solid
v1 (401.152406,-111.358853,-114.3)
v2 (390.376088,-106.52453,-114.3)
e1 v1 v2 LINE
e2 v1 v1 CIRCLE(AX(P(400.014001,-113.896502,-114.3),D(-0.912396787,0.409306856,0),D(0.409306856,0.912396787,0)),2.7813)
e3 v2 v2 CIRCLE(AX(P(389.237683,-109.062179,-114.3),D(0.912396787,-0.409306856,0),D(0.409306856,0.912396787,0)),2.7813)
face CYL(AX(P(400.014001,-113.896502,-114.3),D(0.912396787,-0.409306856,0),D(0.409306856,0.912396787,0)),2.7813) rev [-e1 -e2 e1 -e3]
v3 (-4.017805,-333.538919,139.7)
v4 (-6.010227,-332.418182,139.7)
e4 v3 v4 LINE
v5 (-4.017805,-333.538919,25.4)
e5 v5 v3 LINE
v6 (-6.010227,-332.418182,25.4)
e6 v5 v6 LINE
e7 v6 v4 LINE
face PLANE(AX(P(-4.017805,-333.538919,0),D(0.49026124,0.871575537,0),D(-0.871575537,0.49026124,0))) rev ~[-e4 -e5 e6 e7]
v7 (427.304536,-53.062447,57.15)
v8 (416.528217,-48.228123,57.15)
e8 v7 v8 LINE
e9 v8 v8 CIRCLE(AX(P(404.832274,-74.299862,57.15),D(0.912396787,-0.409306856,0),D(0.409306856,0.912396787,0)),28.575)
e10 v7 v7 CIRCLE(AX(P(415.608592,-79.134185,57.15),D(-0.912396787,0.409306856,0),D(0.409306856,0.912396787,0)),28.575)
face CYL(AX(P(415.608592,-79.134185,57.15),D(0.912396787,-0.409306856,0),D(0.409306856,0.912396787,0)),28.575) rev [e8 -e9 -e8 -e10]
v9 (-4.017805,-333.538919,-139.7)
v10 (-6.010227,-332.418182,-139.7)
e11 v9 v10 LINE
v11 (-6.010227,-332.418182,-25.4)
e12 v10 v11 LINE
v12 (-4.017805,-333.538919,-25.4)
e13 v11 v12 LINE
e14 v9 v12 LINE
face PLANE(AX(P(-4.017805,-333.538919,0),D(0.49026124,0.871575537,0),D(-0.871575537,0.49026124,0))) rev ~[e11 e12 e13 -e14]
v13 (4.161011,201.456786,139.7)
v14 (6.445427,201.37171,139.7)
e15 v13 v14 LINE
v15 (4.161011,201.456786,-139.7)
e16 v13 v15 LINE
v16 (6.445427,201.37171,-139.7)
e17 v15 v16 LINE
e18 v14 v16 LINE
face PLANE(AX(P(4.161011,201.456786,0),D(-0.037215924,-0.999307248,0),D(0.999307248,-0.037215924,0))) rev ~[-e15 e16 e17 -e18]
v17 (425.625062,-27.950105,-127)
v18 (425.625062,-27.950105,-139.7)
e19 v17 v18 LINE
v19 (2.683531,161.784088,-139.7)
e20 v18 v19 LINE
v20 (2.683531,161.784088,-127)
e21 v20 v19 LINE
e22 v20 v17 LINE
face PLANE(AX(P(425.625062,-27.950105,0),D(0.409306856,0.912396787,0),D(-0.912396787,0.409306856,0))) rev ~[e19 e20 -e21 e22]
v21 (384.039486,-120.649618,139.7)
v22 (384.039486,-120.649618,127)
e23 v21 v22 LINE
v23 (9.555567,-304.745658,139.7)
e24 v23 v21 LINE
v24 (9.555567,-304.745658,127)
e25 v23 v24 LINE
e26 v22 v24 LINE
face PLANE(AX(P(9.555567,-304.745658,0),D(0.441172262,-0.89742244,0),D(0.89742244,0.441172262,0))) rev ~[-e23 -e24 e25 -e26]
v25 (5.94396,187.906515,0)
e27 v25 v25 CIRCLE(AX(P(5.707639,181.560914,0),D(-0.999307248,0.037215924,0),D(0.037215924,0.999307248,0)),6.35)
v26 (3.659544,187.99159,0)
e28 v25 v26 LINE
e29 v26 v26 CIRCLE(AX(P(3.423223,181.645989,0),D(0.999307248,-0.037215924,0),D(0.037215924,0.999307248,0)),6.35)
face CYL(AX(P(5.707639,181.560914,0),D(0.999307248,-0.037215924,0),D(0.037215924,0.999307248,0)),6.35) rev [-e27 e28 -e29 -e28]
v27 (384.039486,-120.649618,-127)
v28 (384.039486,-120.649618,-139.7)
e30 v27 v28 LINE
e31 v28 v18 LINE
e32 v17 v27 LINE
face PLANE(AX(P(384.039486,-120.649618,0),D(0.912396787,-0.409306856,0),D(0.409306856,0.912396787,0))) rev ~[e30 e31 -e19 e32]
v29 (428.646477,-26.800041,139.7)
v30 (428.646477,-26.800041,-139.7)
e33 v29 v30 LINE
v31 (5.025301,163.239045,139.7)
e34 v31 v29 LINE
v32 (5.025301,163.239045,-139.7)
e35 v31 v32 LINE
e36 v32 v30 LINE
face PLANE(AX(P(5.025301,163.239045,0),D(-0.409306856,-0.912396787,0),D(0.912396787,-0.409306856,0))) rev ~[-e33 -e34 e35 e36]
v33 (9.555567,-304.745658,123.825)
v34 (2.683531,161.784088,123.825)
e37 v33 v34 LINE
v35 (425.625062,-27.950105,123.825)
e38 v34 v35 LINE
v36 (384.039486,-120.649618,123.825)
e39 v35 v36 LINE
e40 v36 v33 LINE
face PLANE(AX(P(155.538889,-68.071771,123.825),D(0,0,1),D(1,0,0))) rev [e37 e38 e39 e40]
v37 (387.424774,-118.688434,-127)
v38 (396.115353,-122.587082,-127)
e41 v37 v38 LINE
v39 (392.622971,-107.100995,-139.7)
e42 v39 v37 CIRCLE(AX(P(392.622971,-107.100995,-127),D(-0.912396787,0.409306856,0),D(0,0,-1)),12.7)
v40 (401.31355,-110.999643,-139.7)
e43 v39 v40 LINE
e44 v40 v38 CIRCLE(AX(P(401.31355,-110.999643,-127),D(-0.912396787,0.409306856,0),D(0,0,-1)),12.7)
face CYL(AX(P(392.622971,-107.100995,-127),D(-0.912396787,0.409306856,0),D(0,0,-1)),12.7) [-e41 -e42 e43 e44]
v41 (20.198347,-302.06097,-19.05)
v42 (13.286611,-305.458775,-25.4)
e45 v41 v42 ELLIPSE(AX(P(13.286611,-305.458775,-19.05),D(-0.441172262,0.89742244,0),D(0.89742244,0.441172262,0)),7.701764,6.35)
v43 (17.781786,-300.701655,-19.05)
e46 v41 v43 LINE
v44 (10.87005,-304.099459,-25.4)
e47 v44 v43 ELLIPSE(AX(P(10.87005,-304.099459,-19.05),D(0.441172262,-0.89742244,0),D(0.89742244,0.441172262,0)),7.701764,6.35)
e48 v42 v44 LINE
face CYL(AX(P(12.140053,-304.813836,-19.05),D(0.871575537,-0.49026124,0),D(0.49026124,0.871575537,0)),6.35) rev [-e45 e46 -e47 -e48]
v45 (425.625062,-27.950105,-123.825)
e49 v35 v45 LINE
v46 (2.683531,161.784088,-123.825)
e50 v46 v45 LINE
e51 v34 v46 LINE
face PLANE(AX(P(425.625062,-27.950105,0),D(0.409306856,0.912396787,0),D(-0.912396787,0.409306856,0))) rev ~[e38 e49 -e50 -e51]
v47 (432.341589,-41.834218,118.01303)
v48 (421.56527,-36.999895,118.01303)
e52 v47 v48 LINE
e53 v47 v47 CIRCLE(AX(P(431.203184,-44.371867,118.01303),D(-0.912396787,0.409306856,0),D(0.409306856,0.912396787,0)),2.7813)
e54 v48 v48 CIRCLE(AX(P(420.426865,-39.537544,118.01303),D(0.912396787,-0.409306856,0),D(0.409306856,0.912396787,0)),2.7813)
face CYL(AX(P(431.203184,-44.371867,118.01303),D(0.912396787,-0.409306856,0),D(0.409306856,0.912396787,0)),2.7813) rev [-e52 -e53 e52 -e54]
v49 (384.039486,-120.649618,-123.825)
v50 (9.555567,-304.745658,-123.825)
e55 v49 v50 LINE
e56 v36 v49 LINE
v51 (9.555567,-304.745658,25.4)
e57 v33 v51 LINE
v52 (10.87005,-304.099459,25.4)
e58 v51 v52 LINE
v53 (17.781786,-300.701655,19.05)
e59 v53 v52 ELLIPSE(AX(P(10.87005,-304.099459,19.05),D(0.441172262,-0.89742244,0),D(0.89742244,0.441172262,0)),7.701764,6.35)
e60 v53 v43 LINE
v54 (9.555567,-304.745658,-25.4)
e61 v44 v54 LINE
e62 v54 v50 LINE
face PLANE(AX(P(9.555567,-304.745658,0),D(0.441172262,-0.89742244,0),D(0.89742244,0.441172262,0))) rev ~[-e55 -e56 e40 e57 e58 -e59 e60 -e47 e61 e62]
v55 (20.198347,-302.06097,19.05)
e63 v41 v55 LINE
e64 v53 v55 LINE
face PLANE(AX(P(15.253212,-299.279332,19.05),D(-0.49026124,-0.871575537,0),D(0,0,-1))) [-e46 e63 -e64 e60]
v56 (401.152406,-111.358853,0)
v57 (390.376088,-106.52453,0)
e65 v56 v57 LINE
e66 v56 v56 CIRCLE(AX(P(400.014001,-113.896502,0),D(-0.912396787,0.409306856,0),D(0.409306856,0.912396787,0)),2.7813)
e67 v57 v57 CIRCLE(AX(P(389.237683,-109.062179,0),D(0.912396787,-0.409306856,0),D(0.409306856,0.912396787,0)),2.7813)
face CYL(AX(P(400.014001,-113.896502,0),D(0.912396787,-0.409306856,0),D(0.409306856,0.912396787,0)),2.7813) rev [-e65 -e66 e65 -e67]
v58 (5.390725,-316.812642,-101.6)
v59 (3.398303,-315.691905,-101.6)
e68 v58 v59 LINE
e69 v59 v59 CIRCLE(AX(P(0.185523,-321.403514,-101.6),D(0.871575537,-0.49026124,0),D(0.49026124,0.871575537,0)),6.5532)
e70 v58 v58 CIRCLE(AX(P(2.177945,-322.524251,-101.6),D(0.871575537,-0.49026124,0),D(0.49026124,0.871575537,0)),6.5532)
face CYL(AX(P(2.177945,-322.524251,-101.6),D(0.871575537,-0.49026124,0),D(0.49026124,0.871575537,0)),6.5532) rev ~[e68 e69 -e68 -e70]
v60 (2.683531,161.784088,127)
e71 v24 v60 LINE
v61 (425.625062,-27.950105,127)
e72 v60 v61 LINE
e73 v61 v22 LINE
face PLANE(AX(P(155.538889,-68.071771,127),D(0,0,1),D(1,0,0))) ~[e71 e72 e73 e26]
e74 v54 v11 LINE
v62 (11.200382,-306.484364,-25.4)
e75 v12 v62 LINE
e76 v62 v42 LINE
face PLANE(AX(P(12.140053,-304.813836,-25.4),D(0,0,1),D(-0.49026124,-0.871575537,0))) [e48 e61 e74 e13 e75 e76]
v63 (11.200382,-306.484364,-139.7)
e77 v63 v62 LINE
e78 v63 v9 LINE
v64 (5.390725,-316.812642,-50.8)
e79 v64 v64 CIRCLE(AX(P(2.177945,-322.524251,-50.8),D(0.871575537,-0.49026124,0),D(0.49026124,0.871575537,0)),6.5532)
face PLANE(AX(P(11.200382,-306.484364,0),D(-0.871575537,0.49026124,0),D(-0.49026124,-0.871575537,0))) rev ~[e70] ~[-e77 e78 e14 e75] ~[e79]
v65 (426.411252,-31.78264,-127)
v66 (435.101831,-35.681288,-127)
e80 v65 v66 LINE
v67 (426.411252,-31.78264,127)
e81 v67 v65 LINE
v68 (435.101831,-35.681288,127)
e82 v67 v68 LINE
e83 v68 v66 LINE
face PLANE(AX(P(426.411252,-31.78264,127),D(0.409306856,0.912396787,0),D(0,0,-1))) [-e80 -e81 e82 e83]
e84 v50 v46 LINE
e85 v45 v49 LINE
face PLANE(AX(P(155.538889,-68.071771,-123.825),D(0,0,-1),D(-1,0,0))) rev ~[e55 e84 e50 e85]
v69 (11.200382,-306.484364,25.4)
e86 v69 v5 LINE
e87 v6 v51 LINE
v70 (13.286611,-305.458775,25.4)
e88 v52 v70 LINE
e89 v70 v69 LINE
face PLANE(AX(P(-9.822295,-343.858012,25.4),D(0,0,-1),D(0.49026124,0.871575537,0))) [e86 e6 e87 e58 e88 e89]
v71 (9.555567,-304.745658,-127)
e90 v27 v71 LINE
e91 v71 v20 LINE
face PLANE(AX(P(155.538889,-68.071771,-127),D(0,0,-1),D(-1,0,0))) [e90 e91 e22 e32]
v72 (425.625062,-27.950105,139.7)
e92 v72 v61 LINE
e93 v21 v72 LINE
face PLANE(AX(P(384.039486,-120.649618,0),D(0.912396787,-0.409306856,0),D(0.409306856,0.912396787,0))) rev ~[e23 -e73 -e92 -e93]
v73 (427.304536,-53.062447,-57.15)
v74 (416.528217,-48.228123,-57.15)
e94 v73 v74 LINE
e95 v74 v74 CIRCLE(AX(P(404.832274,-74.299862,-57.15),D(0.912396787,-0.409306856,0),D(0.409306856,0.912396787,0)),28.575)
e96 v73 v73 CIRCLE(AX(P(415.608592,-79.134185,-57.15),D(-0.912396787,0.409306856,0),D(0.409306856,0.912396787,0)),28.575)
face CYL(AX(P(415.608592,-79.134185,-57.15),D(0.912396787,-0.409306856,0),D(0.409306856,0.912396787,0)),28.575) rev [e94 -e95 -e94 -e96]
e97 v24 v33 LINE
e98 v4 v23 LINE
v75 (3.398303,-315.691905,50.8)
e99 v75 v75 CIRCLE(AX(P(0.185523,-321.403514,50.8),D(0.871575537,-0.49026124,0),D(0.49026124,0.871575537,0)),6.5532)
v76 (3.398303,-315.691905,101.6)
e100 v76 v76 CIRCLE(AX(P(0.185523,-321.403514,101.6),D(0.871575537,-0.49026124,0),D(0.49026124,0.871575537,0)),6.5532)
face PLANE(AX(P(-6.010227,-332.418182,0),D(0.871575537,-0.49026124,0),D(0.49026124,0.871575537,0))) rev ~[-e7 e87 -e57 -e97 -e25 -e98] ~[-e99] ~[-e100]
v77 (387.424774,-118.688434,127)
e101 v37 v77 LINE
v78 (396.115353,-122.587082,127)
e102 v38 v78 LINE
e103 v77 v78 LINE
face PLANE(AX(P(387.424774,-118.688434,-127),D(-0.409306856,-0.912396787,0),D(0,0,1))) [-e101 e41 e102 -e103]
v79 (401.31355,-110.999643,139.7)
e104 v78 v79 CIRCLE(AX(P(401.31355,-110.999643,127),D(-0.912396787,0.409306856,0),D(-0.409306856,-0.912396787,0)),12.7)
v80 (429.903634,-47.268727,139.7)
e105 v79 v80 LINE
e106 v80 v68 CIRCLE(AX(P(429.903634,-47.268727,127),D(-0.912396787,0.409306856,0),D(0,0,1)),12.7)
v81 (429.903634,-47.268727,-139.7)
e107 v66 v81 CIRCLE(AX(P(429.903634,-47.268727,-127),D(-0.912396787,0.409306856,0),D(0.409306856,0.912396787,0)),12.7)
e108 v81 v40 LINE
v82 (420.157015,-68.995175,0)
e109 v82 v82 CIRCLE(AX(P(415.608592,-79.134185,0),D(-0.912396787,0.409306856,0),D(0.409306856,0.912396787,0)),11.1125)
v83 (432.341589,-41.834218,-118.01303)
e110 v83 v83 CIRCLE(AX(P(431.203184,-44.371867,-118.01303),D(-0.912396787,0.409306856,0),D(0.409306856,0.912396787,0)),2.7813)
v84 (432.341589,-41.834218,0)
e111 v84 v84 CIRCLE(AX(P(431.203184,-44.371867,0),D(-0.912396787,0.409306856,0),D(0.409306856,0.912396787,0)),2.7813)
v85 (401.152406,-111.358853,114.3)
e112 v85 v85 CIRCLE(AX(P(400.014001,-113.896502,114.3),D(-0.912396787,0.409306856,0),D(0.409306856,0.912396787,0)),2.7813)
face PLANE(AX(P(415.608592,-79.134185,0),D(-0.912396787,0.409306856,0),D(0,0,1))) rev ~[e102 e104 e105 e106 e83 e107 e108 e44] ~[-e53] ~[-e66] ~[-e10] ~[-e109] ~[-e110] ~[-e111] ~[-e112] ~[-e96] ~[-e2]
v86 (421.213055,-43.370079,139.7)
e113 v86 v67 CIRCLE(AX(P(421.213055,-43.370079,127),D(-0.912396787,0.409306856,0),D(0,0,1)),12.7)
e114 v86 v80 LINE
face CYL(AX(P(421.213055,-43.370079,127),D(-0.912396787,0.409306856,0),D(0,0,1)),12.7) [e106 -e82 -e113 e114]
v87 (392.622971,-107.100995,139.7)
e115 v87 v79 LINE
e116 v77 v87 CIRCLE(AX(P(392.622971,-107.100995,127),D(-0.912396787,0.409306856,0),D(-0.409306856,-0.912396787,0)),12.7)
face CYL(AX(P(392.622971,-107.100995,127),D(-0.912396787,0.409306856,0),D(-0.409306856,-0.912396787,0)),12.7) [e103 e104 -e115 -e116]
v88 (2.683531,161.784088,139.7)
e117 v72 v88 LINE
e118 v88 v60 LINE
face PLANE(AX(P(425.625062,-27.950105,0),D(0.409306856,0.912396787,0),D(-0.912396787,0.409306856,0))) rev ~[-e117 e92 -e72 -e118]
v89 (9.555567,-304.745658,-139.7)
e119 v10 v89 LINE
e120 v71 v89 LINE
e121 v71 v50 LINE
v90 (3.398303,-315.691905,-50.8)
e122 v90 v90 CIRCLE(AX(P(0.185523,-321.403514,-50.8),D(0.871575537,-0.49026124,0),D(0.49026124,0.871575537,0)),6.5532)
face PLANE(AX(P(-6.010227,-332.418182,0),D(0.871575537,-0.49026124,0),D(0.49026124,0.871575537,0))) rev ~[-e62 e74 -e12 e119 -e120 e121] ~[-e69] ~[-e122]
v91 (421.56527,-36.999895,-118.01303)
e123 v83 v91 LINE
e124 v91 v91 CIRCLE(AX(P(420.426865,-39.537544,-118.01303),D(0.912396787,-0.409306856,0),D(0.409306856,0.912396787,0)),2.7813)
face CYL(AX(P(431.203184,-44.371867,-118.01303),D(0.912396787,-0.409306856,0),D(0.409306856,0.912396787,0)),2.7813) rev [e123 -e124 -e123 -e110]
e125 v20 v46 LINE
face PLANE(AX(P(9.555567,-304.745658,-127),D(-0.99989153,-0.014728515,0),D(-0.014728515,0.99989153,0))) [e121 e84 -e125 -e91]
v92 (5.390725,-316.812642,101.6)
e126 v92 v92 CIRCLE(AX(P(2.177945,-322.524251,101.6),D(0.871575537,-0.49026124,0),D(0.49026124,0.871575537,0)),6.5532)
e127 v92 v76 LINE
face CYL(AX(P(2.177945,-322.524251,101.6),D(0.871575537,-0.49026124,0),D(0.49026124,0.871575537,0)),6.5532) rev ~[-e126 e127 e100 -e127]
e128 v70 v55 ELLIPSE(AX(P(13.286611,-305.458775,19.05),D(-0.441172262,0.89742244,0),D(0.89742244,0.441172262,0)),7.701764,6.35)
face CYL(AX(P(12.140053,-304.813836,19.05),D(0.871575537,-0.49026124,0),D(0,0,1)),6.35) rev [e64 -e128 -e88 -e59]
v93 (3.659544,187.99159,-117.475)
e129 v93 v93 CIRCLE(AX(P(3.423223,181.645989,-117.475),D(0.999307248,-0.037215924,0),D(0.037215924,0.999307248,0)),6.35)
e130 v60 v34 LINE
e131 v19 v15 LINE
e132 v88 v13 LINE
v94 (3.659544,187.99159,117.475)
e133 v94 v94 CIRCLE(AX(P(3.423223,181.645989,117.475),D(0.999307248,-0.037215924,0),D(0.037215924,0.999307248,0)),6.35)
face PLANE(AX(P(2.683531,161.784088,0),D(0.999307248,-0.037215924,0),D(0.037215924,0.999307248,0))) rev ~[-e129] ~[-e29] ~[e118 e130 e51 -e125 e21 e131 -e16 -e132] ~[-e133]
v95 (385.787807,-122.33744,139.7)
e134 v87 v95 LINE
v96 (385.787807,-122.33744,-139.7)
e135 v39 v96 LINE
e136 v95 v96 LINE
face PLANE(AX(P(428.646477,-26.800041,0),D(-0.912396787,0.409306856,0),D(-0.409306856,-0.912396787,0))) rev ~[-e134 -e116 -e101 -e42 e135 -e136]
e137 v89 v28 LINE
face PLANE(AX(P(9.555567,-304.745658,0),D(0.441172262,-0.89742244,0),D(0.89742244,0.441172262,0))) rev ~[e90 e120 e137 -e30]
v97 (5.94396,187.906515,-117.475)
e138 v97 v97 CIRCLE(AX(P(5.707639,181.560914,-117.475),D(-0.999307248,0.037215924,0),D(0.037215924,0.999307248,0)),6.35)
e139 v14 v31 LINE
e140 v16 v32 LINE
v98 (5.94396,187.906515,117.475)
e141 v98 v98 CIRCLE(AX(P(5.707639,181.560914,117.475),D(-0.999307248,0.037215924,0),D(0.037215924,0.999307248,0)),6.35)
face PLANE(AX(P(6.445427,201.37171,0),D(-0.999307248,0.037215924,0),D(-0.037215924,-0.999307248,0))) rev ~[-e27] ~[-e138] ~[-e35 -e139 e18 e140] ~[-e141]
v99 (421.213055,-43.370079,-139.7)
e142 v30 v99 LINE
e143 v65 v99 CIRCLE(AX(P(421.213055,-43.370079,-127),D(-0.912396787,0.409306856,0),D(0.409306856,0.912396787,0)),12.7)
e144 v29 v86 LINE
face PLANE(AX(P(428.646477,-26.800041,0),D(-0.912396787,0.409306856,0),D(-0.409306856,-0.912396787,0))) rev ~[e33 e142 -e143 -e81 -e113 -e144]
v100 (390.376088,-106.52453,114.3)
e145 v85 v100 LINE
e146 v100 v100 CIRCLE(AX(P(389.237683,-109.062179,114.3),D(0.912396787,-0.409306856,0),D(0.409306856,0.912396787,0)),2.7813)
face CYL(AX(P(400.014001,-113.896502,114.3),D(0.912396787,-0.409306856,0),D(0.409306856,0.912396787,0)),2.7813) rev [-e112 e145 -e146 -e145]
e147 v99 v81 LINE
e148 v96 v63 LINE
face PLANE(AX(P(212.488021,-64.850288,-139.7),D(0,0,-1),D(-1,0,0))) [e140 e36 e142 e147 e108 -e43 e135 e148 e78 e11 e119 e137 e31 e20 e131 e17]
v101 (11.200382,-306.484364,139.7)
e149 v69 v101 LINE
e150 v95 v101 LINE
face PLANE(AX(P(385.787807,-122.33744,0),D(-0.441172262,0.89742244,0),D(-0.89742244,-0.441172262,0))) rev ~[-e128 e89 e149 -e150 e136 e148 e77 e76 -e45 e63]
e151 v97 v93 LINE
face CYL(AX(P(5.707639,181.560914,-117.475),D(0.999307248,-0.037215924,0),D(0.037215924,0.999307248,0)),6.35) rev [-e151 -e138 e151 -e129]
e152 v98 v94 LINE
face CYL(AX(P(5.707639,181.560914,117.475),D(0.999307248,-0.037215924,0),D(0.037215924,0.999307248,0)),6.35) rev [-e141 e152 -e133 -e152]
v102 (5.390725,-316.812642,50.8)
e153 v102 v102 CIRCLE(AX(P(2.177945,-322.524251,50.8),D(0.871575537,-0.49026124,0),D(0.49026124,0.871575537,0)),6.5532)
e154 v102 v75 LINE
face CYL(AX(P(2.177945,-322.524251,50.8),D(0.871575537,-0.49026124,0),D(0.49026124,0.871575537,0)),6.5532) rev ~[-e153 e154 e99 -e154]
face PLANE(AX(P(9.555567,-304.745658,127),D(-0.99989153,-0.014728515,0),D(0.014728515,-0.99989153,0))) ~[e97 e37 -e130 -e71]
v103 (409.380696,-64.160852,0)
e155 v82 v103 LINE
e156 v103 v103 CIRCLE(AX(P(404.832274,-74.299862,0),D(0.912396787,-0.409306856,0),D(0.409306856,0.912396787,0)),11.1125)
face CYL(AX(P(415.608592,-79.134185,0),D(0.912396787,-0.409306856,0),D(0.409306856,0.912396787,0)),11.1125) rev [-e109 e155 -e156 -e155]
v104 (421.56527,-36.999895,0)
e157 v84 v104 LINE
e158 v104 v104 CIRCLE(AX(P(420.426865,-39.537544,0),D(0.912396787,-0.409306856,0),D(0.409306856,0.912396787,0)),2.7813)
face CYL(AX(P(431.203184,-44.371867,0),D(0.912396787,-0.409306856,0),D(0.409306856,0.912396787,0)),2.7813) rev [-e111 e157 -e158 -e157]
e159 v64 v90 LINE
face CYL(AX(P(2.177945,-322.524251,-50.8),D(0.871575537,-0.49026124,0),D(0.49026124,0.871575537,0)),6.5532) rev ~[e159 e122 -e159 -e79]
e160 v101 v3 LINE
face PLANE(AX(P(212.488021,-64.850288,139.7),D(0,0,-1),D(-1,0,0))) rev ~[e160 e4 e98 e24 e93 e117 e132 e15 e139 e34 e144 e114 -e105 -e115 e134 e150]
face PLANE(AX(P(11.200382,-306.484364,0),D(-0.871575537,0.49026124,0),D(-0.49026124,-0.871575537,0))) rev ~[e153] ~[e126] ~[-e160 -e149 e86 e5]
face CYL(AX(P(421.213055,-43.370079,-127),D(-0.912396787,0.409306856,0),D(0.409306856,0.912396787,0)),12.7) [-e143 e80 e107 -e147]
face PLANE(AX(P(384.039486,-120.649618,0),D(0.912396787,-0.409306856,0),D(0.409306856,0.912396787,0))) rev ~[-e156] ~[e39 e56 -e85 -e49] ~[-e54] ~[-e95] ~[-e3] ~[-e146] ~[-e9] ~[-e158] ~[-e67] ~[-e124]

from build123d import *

# Parameters (mm, degrees)
EXTRUDE_THIN1_0_090_DEPTH       = 139.7
BE_00_FRONT_BEARING_PLATE_DEPTH = 9.525
SKETCH10_R                      = 2.7813
SKETCH10_R_2                    = 11.1125
SKETCH10_R_3                    = 28.575
CE_00_FRONT_HOLES_DEPTH         = 25.4
SKETCH11_R                      = 6.35
CE_00_UPPOER_HOLES_DEPTH        = 25.4
SKETCH12_R                      = 6.5532
CE_00_LOWER_HOLES_DEPTH         = 12.7
BE_00_START                     = -127
BE_00_SIDE_PANEL_DEPTH          = 3.175


with BuildPart() as part:
    # Sketch9 → Extrude-Thin1 0.090 (new, symmetric)
    with BuildSketch(Plane.XY):
        Polygon((-6.010227149, -332.418181598), (9.55556721, -304.745658294), (384.039485631, -120.64961833), (425.625062176, -27.95010472), (2.683531334, 161.784088268), (4.161010967, 201.456785856), (6.445427335, 201.371710254), (5.025301148, 163.239044684), (428.646476704, -26.800041136), (385.787807265, -122.337439943), (11.200381601, -306.484363998), (-4.017805471, -333.538918792), align=None)
    extrude(amount=EXTRUDE_THIN1_0_090_DEPTH, both=True)

    # Sketch13 → BE-00 Front Bearing Plate (add)
    with BuildSketch(Plane(origin=(366.842913711, -164.56800553, 0), x_dir=(0, 0, -1), z_dir=(0.9123967874925901, -0.40930685576129966, 0))):
        with BuildLine():
            Line((-127, 145.534670176), (127, 145.534670176))
            ThreePointArc((127, 145.534670176), (135.980256121, 141.814926297), (139.7, 132.834670176))
            Line((139.7, 132.834670176), (139.7, 62.984670176))
            ThreePointArc((139.7, 62.984670176), (135.980256121, 54.004414055), (127, 50.284670176))
            Line((127, 50.284670176), (-127, 50.284670176))
            ThreePointArc((-127, 50.284670176), (-135.980256121, 54.004414055), (-139.7, 62.984670176))
            Line((-139.7, 62.984670176), (-139.7, 132.834670176))
            ThreePointArc((-139.7, 132.834670176), (-135.980256121, 141.814926297), (-127, 145.534670176))
        make_face()
    extrude(amount=BE_00_FRONT_BEARING_PLATE_DEPTH)

    # Sketch10 → CE-00 Front Holes (cut)
    with BuildSketch(Plane(origin=(-463.262854861, -2038.249879483, 0), x_dir=(0, 0, -1), z_dir=(-0.9123967874925901, 0.40930685576129966, 0))):
        with Locations(Location((-118.013029727, -2185.318974837, 0), (0, 0, 270))):
            Circle(SKETCH10_R)
        with Locations(Location((0, -2147.218974837, 0), (0, 0, 270))):
            Circle(SKETCH10_R_2)
        with Locations(Location((57.15, -2147.218974837, 0), (0, 0, 270))):
            Circle(SKETCH10_R_3)
        with Locations(Location((114.3, -2109.118974837, 0), (0, 0, 270))):
            Circle(SKETCH10_R)
        with Locations(Location((118.013029727, -2185.318974837, 0), (0, 0, 270))):
            Circle(SKETCH10_R)
        with Locations(Location((0, -2109.118974837, 0), (0, 0, 270))):
            Circle(SKETCH10_R)
        with Locations(Location((0, -2185.318974837, 0), (0, 0, 270))):
            Circle(SKETCH10_R)
        with Locations(Location((-114.3, -2109.118974837, 0), (0, 0, 270))):
            Circle(SKETCH10_R)
        with Locations(Location((-57.15, -2147.218974837, 0), (0, 0, 270))):
            Circle(SKETCH10_R_3)
    extrude(amount=CE_00_FRONT_HOLES_DEPTH, mode=Mode.SUBTRACT)

    # Sketch11 → CE-00 Uppoer Holes (cut)
    with BuildSketch(Plane(origin=(-26.304972354, -678.029043238, 0), x_dir=(0, 0, -1), z_dir=(-0.9993072475406022, 0.037215924183416293, 0))):
        with Locations(Location((-117.475, -860.185852954, 0), (0, 0, 270))):
            Circle(SKETCH11_R)
        with Locations(Location((0, -860.185852954, 0), (0, 0, 270))):
            Circle(SKETCH11_R)
        with Locations(Location((117.475, -860.185852954, 0), (0, 0, 270))):
            Circle(SKETCH11_R)
    extrude(amount=CE_00_UPPOER_HOLES_DEPTH, mode=Mode.SUBTRACT)

    # Sketch12 → CE-00 Lower Holes (cut, symmetric)
    with BuildSketch(Plane(origin=(139.468979542, -78.451300992, 0), x_dir=(0, 0, -1), z_dir=(0.8715755371243086, -0.49026123963298696, 0))):
        with Locations(Location((101.6, -280.036485408, 0), (0, 0, 90))):
            Circle(SKETCH12_R)
        with Locations(Location((50.8, -280.036485408, 0), (0, 0, 90))):
            Circle(SKETCH12_R)
        with Locations(Location((-50.8, -280.036485408, 0), (0, 0, 90))):
            Circle(SKETCH12_R)
        with Locations(Location((-101.6, -280.036485408, 0), (0, 0, 90))):
            Circle(SKETCH12_R)
        with BuildLine():
            Line((-19.05, -253.366485408), (19.05, -253.366485408))
            ThreePointArc((19.05, -253.366485408), (23.540128061, -255.226357347), (25.4, -259.716485408))
            Line((25.4, -259.716485408), (25.4, -304.513722271))
            Line((25.4, -304.513722271), (-25.4, -304.513722271))
            Line((-25.4, -304.513722271), (-25.4, -259.716485408))
            ThreePointArc((-25.4, -259.716485408), (-23.540128061, -255.226357347), (-19.05, -253.366485408))
        make_face()
    extrude(amount=CE_00_LOWER_HOLES_DEPTH, both=True, mode=Mode.SUBTRACT)

    # Sketch14 → BE-00 Side Panel (add)
    with BuildSketch(Plane.XY.offset(BE_00_START)):
        Polygon((2.683531334, 161.784088268), (425.625062176, -27.95010472), (384.039485631, -120.64961833), (9.55556721, -304.745658294), align=None)
    be_00_side_panel = extrude(amount=BE_00_SIDE_PANEL_DEPTH)

    # MI-00 Side Panel: BE-00 Side Panel across plane
    add(be_00_side_panel.mirror(Plane.XY))


solid = part.part
